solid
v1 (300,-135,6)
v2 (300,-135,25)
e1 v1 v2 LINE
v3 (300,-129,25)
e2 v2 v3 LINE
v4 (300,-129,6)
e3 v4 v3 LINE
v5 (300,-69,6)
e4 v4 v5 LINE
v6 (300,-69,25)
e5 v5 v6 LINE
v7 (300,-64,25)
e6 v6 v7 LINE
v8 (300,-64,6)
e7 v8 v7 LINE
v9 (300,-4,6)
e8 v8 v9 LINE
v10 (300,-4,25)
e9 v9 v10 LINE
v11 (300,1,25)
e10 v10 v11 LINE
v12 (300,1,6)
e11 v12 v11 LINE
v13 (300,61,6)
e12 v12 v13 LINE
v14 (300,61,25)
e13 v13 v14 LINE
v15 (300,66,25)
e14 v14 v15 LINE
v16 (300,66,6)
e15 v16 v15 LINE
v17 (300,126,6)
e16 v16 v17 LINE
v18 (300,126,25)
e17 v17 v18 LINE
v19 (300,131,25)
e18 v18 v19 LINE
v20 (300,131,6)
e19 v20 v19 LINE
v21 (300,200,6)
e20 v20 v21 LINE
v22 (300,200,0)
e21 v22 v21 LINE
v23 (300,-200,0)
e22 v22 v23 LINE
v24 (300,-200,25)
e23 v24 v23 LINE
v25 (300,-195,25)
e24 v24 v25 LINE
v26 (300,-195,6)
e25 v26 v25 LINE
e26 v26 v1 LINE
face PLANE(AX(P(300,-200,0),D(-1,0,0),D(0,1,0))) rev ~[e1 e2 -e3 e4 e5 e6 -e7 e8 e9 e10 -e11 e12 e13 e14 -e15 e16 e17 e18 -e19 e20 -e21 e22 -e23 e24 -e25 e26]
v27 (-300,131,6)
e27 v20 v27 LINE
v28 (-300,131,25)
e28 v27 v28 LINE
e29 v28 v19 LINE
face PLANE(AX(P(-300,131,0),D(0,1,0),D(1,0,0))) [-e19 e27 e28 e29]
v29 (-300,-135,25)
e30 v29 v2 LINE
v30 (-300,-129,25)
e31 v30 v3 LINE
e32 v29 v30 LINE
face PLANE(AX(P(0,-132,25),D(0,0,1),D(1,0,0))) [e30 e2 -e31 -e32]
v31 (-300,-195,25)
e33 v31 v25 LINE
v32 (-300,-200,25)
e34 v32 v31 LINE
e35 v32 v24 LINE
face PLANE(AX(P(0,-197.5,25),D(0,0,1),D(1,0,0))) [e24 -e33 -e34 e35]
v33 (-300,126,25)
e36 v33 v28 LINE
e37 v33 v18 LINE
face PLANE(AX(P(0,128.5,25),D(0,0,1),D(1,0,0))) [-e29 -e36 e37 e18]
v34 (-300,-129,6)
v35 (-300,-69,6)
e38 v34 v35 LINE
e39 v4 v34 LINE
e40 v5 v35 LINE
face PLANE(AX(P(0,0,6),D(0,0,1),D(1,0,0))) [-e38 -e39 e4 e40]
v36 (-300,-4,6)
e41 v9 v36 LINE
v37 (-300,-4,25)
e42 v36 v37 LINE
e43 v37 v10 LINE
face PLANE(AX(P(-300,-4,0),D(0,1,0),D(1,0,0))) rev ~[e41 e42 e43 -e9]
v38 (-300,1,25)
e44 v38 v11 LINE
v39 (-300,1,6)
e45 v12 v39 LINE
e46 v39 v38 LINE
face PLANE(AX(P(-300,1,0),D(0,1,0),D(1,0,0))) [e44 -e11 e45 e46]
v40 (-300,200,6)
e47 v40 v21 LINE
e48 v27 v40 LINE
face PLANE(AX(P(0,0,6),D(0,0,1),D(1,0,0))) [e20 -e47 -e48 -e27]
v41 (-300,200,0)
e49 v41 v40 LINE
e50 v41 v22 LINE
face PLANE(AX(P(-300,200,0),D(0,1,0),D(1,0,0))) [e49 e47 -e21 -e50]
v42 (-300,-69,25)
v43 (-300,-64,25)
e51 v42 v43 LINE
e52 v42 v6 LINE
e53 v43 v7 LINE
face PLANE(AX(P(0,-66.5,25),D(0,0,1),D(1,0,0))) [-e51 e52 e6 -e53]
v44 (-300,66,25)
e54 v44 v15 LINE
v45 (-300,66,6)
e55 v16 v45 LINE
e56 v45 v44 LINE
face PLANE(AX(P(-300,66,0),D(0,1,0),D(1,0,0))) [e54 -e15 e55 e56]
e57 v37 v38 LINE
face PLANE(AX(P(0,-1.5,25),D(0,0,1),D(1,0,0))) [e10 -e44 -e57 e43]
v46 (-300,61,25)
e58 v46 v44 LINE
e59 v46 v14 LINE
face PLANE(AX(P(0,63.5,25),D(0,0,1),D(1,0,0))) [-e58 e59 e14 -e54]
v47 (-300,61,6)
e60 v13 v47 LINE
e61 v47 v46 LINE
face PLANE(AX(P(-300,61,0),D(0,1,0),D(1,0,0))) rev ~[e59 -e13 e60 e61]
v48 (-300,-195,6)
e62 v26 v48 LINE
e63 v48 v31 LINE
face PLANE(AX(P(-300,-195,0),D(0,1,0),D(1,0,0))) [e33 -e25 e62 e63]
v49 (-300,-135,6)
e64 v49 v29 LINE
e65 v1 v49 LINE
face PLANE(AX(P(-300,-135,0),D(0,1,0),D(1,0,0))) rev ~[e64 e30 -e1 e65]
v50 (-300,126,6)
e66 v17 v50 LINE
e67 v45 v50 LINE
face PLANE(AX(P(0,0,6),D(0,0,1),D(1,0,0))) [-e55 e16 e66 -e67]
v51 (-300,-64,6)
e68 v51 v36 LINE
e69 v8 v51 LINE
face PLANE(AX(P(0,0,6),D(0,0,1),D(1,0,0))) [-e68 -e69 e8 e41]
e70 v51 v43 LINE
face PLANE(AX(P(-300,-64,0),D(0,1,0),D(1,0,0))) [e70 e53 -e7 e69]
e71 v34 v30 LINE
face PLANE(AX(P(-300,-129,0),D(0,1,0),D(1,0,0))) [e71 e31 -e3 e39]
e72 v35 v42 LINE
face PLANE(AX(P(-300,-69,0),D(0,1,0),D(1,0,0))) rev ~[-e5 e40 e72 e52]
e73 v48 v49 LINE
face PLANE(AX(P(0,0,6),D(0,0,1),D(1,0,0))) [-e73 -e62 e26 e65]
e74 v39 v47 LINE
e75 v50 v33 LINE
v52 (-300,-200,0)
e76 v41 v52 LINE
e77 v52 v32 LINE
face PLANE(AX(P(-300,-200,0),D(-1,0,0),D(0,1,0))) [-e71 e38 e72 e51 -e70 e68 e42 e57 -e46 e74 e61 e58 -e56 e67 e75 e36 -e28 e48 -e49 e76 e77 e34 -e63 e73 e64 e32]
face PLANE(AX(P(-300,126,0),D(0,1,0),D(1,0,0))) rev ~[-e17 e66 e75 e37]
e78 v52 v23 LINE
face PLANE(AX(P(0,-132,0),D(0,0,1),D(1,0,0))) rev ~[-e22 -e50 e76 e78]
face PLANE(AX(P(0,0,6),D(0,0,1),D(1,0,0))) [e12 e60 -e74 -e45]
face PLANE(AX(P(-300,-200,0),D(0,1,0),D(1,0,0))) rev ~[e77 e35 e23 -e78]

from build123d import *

# Parameters (mm, degrees)
F0_W     = 600
F0_H     = 400
F1_DEPTH = 6
F2_W     = 600
F2_H     = 6
F2_H_2   = 5
F3_DEPTH = 25


with BuildPart() as f1:
    # F0 (on Top) → F1 (new body)
    with BuildSketch(Plane.XY):
        Rectangle(F0_W, F0_H)
    extrude(amount=F1_DEPTH)

    # F2 (on Top) → F3 (join)
    with BuildSketch(Plane.XY):
        with Locations((0, -132)):
            Rectangle(F2_W, F2_H)
        with Locations((0, -66.5)):
            Rectangle(F2_W, F2_H_2)
        with Locations((0, -1.5)):
            Rectangle(F2_W, F2_H_2)
        with Locations((0, 63.5)):
            Rectangle(F2_W, F2_H_2)
        with Locations((0, 128.5)):
            Rectangle(F2_W, F2_H_2)
        with Locations((0, -197.5)):
            Rectangle(F2_W, F2_H_2)
    extrude(amount=F3_DEPTH)


solid = f1.part
